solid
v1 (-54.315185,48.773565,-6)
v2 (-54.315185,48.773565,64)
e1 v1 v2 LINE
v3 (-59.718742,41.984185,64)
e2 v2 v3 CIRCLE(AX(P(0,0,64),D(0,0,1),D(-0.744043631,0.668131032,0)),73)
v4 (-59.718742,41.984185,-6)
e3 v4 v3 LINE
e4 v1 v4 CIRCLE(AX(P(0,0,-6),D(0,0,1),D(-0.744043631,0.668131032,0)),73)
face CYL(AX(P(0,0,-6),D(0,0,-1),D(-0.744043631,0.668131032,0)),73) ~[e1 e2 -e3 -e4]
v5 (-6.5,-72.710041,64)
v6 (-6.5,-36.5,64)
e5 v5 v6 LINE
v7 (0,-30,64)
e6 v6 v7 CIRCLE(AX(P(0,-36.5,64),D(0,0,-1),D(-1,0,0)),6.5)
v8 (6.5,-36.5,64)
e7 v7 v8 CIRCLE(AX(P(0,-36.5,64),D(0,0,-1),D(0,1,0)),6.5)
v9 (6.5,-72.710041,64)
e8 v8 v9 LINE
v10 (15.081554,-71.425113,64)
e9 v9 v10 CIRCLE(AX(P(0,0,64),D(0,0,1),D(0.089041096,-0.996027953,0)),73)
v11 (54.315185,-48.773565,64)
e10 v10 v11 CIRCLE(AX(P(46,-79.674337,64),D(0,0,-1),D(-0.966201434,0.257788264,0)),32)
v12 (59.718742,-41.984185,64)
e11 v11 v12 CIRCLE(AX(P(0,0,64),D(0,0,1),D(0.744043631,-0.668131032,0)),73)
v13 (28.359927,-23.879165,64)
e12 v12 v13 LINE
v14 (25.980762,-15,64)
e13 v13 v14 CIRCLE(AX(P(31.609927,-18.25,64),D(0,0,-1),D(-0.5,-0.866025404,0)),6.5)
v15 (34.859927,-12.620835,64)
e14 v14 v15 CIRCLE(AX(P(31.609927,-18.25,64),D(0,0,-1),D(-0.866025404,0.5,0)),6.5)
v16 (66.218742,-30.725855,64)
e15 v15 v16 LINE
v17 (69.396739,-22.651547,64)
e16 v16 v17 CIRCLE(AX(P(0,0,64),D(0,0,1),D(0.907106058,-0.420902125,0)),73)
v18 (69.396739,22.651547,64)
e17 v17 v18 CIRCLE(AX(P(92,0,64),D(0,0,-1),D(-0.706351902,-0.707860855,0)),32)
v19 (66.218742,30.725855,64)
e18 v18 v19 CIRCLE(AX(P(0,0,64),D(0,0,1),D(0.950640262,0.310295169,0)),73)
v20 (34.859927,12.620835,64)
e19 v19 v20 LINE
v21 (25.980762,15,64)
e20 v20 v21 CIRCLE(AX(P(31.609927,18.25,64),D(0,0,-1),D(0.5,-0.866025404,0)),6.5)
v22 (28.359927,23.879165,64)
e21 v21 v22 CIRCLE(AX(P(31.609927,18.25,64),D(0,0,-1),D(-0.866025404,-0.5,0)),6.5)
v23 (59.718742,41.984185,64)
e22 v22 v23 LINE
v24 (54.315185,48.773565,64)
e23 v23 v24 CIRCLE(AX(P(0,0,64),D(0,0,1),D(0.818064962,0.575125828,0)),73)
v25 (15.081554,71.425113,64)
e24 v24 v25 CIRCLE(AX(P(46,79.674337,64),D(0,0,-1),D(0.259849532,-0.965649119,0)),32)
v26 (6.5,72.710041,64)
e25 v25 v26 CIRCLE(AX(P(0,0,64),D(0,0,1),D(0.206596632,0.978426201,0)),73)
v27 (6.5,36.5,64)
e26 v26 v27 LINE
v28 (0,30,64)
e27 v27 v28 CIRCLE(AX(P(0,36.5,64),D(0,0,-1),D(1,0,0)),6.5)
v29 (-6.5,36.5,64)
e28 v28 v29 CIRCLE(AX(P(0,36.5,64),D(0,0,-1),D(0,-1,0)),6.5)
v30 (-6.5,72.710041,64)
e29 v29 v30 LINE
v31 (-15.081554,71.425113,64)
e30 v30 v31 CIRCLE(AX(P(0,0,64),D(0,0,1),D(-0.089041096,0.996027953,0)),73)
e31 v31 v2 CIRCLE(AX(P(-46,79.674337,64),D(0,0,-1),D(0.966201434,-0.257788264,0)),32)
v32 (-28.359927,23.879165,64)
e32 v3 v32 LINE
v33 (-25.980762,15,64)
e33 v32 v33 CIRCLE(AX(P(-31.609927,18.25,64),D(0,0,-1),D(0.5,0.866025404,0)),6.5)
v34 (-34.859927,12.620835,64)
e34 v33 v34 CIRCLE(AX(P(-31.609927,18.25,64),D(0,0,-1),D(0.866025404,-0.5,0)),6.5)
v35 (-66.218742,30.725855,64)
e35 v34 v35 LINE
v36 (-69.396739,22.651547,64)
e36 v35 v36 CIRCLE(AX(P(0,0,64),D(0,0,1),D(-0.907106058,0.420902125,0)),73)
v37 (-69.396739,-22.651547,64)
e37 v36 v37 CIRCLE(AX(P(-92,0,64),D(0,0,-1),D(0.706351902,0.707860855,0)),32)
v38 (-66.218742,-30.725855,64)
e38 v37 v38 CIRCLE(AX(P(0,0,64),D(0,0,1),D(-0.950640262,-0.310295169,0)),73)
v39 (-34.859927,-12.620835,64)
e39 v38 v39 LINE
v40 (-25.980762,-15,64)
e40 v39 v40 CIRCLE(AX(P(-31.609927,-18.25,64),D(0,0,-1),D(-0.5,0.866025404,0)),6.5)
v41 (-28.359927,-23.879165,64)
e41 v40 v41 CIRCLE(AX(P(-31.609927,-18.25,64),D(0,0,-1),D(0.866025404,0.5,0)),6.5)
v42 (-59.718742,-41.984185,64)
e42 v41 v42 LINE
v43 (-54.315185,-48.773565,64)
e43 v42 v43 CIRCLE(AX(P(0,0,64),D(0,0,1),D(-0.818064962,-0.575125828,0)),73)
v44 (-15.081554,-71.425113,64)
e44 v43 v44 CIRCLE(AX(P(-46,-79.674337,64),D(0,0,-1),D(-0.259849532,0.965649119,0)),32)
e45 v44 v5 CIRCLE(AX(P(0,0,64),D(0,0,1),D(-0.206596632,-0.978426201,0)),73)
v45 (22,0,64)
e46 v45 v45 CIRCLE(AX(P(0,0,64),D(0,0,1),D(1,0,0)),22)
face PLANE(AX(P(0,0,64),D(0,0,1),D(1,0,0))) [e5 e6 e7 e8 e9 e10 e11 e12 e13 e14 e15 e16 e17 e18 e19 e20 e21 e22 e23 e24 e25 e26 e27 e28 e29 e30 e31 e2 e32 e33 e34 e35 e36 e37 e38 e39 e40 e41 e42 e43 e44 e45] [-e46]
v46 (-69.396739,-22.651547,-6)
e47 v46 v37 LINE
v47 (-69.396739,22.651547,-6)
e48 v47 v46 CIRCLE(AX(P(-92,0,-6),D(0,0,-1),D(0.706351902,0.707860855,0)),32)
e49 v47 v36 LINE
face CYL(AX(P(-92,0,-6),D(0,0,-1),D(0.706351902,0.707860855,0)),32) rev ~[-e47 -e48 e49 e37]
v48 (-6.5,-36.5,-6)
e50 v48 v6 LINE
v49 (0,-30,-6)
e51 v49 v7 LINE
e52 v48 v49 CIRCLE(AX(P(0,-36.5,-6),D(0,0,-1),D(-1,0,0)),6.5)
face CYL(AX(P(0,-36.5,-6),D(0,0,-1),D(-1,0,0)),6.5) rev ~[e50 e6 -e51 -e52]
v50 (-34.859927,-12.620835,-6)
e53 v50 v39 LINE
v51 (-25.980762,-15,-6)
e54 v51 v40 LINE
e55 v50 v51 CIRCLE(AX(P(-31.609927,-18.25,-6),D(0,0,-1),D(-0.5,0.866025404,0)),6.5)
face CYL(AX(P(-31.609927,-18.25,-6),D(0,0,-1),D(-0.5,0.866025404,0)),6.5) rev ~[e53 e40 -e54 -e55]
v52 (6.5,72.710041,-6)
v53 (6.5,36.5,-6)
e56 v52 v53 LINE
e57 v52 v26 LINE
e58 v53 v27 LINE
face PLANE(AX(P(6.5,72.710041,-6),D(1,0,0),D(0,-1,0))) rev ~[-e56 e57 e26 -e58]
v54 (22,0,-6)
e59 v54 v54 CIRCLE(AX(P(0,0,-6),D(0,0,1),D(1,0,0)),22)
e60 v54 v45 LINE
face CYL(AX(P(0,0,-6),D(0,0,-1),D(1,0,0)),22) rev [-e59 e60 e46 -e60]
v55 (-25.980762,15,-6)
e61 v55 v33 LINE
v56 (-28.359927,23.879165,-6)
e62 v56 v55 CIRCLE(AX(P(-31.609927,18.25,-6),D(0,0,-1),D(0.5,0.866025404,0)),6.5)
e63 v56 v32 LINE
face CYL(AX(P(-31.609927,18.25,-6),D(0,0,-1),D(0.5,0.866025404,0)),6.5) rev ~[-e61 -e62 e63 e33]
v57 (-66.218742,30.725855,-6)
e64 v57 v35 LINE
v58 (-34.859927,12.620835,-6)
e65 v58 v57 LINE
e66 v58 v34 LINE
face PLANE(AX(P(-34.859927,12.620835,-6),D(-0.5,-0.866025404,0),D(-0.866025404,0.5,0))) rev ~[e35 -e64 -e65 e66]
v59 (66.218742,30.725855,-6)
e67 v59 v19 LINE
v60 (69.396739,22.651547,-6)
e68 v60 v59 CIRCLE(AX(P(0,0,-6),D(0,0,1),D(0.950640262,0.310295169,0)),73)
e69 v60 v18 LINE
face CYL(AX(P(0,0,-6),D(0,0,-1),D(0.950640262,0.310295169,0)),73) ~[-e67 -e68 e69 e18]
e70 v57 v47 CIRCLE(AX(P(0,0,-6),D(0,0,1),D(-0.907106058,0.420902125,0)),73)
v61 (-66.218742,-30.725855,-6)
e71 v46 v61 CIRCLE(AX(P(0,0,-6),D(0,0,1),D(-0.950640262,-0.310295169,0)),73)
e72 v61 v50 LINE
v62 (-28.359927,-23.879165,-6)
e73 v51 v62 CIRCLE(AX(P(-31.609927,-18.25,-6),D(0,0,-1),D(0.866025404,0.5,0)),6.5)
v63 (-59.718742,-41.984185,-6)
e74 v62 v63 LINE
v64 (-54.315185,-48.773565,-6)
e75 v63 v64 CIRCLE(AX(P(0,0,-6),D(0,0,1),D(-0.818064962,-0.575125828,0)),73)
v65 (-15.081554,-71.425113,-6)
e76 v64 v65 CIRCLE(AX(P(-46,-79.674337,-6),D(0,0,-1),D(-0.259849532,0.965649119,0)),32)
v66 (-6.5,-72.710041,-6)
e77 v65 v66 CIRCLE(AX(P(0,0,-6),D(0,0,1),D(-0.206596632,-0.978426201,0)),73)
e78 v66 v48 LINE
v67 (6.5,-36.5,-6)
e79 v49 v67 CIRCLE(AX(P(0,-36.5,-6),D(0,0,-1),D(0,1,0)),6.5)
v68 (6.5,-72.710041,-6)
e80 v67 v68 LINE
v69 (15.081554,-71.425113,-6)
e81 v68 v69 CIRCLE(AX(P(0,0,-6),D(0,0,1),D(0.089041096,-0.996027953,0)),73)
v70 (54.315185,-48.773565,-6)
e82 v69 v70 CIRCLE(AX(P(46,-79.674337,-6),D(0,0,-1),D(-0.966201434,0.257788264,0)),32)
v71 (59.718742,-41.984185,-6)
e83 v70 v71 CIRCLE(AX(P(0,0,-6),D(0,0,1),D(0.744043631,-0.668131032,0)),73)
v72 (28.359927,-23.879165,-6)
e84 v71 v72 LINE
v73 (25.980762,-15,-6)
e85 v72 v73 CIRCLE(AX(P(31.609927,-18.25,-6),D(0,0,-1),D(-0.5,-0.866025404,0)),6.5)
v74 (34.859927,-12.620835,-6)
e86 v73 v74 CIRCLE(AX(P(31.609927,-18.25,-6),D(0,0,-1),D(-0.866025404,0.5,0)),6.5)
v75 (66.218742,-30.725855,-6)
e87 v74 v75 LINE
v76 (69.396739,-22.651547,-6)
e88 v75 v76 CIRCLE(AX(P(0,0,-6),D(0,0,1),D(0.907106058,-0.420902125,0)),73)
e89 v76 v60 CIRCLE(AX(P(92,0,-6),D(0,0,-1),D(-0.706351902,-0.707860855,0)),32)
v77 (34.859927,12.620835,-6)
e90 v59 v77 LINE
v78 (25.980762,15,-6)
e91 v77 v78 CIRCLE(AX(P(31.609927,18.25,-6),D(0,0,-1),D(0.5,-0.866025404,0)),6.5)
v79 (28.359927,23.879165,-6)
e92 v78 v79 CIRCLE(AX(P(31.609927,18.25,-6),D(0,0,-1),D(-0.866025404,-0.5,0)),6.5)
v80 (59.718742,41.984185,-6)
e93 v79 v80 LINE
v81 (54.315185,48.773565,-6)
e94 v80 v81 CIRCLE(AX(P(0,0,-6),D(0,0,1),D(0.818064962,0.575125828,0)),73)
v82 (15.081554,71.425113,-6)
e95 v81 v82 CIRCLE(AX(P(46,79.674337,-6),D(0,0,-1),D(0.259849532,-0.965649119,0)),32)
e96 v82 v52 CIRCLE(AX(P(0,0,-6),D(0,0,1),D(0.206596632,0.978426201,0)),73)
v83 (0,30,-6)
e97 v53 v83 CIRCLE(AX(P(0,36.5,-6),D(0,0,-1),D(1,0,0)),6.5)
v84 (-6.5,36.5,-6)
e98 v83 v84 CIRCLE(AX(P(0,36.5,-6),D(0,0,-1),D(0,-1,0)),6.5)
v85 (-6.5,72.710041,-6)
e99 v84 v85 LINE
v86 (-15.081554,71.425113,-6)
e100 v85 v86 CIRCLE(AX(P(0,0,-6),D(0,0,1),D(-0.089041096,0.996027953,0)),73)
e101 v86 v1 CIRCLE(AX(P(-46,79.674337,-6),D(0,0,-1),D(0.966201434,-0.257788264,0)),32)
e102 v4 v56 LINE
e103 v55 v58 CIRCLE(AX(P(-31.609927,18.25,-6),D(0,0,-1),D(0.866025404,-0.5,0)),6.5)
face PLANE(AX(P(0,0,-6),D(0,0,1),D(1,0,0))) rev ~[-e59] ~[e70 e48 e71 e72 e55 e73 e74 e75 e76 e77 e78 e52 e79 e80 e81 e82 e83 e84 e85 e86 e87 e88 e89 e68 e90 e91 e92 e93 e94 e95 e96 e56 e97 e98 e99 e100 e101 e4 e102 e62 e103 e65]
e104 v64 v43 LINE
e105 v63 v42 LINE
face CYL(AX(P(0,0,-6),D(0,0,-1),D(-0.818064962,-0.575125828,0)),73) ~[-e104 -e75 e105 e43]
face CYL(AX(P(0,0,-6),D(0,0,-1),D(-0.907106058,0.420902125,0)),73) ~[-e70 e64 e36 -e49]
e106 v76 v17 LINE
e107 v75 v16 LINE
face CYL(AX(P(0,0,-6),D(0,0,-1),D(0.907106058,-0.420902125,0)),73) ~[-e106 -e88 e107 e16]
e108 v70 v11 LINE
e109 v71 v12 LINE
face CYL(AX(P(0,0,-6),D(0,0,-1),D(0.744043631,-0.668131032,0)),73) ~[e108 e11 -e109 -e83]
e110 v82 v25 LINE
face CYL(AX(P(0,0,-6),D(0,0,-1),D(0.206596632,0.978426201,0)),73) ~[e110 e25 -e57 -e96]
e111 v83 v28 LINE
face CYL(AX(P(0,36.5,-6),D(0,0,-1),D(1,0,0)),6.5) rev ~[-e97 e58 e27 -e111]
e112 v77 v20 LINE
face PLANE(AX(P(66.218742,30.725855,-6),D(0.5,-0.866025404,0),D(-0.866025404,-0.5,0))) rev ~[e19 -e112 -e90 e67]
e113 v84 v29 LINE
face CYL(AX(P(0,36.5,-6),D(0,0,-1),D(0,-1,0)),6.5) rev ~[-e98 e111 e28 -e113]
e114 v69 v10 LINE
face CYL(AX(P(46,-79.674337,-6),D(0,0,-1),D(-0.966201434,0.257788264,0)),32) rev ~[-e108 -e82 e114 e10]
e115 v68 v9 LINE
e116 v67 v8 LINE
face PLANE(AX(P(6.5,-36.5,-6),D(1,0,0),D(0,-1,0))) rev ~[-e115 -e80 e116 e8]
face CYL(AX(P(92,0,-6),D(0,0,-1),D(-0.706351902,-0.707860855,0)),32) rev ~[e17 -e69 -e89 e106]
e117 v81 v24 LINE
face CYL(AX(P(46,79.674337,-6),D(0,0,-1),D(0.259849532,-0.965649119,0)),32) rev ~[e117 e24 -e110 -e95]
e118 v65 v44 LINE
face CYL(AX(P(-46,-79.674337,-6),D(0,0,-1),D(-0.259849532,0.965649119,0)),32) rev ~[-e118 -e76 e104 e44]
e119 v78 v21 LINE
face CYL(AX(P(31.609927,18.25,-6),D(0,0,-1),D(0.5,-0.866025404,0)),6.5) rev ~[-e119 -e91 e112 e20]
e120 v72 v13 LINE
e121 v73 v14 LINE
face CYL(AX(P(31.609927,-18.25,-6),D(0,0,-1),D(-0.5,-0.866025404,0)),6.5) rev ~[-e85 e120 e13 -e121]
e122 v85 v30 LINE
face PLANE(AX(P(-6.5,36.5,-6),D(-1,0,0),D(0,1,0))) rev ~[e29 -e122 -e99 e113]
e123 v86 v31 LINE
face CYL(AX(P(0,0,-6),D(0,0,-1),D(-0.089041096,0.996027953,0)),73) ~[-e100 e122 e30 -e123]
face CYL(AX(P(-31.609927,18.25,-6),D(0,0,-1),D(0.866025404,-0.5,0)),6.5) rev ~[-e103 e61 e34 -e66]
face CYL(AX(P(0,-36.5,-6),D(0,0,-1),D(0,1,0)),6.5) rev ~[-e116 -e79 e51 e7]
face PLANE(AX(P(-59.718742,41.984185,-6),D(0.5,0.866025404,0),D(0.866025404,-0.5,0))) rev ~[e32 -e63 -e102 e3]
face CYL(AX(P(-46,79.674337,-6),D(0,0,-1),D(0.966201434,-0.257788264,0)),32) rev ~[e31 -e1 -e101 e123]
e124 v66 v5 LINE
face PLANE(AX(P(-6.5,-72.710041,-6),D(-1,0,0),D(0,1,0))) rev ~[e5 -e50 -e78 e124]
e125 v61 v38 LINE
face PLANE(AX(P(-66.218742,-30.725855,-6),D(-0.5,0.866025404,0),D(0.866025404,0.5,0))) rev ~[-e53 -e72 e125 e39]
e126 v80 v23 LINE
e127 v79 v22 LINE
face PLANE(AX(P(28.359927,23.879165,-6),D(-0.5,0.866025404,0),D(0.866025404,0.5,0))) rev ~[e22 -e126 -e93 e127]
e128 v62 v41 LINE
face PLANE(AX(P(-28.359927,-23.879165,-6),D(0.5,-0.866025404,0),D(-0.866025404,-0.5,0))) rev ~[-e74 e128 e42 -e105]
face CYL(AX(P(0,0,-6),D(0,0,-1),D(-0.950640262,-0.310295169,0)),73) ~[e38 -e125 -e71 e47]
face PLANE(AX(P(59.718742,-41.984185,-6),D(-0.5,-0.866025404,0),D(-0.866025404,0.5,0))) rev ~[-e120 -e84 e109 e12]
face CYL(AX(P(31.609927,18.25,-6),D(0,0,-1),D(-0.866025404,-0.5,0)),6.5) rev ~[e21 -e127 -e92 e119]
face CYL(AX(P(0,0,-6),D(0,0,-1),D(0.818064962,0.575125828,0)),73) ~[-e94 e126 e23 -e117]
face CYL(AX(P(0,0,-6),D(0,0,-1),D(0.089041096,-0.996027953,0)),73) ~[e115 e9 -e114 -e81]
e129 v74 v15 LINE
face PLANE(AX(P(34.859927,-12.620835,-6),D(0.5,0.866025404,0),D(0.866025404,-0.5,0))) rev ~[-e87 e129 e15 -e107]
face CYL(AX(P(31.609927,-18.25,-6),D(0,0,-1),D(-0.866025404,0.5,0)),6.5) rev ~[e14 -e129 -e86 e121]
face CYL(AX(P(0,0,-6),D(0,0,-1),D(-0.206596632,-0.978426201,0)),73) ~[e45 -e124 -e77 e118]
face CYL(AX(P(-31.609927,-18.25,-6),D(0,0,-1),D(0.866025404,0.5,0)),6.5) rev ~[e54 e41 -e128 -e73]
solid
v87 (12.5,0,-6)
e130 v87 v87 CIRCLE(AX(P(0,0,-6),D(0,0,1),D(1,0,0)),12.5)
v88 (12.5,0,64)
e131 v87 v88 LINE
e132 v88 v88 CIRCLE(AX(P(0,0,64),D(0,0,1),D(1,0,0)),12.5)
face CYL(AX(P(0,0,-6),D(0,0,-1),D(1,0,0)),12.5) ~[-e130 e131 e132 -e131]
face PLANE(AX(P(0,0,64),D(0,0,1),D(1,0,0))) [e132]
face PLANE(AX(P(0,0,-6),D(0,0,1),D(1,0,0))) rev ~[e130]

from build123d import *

# Parameters (mm, degrees)
RESSALTO_EXTRUS_O1_DEPTH        = 64
RESSALTO_EXTRUS_O1_DEPTH_BACK   = 6
ESBO_O1_R                       = 22
RESSALTO_EXTRUS_O1_2_DEPTH      = 64
RESSALTO_EXTRUS_O1_2_DEPTH_BACK = 6
ESBO_O1_R_2                     = 12.5


with BuildPart() as part:
    # Esboço1 → Ressalto-extrusão1 (new, two sides: drawn at the far end of the back side and taken through both)
    with BuildSketch(Plane.XY.offset(-RESSALTO_EXTRUS_O1_DEPTH_BACK)):
        with BuildLine():
            Line((6.5, 72.710040572), (6.5, 36.5))
            ThreePointArc((6.5, 36.5), (4.596194078, 31.903805922), (0, 30))
            ThreePointArc((0, 30), (-4.596194078, 31.903805922), (-6.5, 36.5))
            Line((-6.5, 36.5), (-6.5, 72.710040572))
            ThreePointArc((-6.5, 72.710040572), (-10.809885724, 72.195196313), (-15.081554111, 71.42511271))
            ThreePointArc((-15.081554111, 71.42511271), (-30, 51.961524227), (-54.315185019, 48.773565344))
            ThreePointArc((-54.315185019, 48.773565344), (-57.117931176, 45.459233805), (-59.718742246, 41.984185411))
            Line((-59.718742246, 41.984185411), (-28.359927238, 23.879165125))
            ThreePointArc((-28.359927238, 23.879165125), (-25.331409367, 19.932323793), (-25.980762114, 15))
            ThreePointArc((-25.980762114, 15), (-29.927603445, 11.971482129), (-34.859927238, 12.620834875))
            Line((-34.859927238, 12.620834875), (-66.218742246, 30.725855161))
            ThreePointArc((-66.218742246, 30.725855161), (-67.9278169, 26.735962507), (-69.39673913, 22.651547366))
            ThreePointArc((-69.39673913, 22.651547366), (-60, 0), (-69.39673913, -22.651547366))
            ThreePointArc((-69.39673913, -22.651547366), (-67.9278169, -26.735962507), (-66.218742246, -30.725855161))
            Line((-66.218742246, -30.725855161), (-34.859927238, -12.620834875))
            ThreePointArc((-34.859927238, -12.620834875), (-29.927603445, -11.971482129), (-25.980762114, -15))
            ThreePointArc((-25.980762114, -15), (-25.331409367, -19.932323793), (-28.359927238, -23.879165125))
            Line((-28.359927238, -23.879165125), (-59.718742246, -41.984185411))
            ThreePointArc((-59.718742246, -41.984185411), (-57.117931176, -45.459233805), (-54.315185019, -48.773565344))
            ThreePointArc((-54.315185019, -48.773565344), (-30, -51.961524227), (-15.081554111, -71.42511271))
            ThreePointArc((-15.081554111, -71.42511271), (-10.809885724, -72.195196313), (-6.5, -72.710040572))
            Line((-6.5, -72.710040572), (-6.5, -36.5))
            ThreePointArc((-6.5, -36.5), (-4.596194078, -31.903805922), (0, -30))
            ThreePointArc((0, -30), (4.596194078, -31.903805922), (6.5, -36.5))
            Line((6.5, -36.5), (6.5, -72.710040572))
            ThreePointArc((6.5, -72.710040572), (10.809885724, -72.195196313), (15.081554111, -71.42511271))
            ThreePointArc((15.081554111, -71.42511271), (30, -51.961524227), (54.315185019, -48.773565344))
            ThreePointArc((54.315185019, -48.773565344), (57.117931176, -45.459233805), (59.718742246, -41.984185411))
            Line((59.718742246, -41.984185411), (28.359927238, -23.879165125))
            ThreePointArc((28.359927238, -23.879165125), (25.331409367, -19.932323793), (25.980762114, -15))
            ThreePointArc((25.980762114, -15), (29.927603445, -11.971482129), (34.859927238, -12.620834875))
            Line((34.859927238, -12.620834875), (66.218742246, -30.725855161))
            ThreePointArc((66.218742246, -30.725855161), (67.9278169, -26.735962507), (69.39673913, -22.651547366))
            ThreePointArc((69.39673913, -22.651547366), (60, 0), (69.39673913, 22.651547366))
            ThreePointArc((69.39673913, 22.651547366), (67.9278169, 26.735962507), (66.218742246, 30.725855161))
            Line((66.218742246, 30.725855161), (34.859927238, 12.620834875))
            ThreePointArc((34.859927238, 12.620834875), (29.927603445, 11.971482129), (25.980762114, 15))
            ThreePointArc((25.980762114, 15), (25.331409367, 19.932323793), (28.359927238, 23.879165125))
            Line((28.359927238, 23.879165125), (59.718742246, 41.984185411))
            ThreePointArc((59.718742246, 41.984185411), (57.117931176, 45.459233805), (54.315185019, 48.773565344))
            ThreePointArc((54.315185019, 48.773565344), (30, 51.961524227), (15.081554111, 71.42511271))
            ThreePointArc((15.081554111, 71.42511271), (10.809885724, 72.195196313), (6.5, 72.710040572))
        make_face()
        Circle(ESBO_O1_R, mode=Mode.SUBTRACT)
    extrude(amount=RESSALTO_EXTRUS_O1_DEPTH + RESSALTO_EXTRUS_O1_DEPTH_BACK)


with BuildPart() as body_2:
    # Esboço1 → Ressalto-extrus_o1 2 (new, two sides: drawn at the far end of the back side and taken through both)
    with BuildSketch(Plane.XY.offset(-RESSALTO_EXTRUS_O1_2_DEPTH_BACK)):
        Circle(ESBO_O1_R_2)
    extrude(amount=RESSALTO_EXTRUS_O1_2_DEPTH + RESSALTO_EXTRUS_O1_2_DEPTH_BACK)


solid = Compound([part.part, body_2.part])
